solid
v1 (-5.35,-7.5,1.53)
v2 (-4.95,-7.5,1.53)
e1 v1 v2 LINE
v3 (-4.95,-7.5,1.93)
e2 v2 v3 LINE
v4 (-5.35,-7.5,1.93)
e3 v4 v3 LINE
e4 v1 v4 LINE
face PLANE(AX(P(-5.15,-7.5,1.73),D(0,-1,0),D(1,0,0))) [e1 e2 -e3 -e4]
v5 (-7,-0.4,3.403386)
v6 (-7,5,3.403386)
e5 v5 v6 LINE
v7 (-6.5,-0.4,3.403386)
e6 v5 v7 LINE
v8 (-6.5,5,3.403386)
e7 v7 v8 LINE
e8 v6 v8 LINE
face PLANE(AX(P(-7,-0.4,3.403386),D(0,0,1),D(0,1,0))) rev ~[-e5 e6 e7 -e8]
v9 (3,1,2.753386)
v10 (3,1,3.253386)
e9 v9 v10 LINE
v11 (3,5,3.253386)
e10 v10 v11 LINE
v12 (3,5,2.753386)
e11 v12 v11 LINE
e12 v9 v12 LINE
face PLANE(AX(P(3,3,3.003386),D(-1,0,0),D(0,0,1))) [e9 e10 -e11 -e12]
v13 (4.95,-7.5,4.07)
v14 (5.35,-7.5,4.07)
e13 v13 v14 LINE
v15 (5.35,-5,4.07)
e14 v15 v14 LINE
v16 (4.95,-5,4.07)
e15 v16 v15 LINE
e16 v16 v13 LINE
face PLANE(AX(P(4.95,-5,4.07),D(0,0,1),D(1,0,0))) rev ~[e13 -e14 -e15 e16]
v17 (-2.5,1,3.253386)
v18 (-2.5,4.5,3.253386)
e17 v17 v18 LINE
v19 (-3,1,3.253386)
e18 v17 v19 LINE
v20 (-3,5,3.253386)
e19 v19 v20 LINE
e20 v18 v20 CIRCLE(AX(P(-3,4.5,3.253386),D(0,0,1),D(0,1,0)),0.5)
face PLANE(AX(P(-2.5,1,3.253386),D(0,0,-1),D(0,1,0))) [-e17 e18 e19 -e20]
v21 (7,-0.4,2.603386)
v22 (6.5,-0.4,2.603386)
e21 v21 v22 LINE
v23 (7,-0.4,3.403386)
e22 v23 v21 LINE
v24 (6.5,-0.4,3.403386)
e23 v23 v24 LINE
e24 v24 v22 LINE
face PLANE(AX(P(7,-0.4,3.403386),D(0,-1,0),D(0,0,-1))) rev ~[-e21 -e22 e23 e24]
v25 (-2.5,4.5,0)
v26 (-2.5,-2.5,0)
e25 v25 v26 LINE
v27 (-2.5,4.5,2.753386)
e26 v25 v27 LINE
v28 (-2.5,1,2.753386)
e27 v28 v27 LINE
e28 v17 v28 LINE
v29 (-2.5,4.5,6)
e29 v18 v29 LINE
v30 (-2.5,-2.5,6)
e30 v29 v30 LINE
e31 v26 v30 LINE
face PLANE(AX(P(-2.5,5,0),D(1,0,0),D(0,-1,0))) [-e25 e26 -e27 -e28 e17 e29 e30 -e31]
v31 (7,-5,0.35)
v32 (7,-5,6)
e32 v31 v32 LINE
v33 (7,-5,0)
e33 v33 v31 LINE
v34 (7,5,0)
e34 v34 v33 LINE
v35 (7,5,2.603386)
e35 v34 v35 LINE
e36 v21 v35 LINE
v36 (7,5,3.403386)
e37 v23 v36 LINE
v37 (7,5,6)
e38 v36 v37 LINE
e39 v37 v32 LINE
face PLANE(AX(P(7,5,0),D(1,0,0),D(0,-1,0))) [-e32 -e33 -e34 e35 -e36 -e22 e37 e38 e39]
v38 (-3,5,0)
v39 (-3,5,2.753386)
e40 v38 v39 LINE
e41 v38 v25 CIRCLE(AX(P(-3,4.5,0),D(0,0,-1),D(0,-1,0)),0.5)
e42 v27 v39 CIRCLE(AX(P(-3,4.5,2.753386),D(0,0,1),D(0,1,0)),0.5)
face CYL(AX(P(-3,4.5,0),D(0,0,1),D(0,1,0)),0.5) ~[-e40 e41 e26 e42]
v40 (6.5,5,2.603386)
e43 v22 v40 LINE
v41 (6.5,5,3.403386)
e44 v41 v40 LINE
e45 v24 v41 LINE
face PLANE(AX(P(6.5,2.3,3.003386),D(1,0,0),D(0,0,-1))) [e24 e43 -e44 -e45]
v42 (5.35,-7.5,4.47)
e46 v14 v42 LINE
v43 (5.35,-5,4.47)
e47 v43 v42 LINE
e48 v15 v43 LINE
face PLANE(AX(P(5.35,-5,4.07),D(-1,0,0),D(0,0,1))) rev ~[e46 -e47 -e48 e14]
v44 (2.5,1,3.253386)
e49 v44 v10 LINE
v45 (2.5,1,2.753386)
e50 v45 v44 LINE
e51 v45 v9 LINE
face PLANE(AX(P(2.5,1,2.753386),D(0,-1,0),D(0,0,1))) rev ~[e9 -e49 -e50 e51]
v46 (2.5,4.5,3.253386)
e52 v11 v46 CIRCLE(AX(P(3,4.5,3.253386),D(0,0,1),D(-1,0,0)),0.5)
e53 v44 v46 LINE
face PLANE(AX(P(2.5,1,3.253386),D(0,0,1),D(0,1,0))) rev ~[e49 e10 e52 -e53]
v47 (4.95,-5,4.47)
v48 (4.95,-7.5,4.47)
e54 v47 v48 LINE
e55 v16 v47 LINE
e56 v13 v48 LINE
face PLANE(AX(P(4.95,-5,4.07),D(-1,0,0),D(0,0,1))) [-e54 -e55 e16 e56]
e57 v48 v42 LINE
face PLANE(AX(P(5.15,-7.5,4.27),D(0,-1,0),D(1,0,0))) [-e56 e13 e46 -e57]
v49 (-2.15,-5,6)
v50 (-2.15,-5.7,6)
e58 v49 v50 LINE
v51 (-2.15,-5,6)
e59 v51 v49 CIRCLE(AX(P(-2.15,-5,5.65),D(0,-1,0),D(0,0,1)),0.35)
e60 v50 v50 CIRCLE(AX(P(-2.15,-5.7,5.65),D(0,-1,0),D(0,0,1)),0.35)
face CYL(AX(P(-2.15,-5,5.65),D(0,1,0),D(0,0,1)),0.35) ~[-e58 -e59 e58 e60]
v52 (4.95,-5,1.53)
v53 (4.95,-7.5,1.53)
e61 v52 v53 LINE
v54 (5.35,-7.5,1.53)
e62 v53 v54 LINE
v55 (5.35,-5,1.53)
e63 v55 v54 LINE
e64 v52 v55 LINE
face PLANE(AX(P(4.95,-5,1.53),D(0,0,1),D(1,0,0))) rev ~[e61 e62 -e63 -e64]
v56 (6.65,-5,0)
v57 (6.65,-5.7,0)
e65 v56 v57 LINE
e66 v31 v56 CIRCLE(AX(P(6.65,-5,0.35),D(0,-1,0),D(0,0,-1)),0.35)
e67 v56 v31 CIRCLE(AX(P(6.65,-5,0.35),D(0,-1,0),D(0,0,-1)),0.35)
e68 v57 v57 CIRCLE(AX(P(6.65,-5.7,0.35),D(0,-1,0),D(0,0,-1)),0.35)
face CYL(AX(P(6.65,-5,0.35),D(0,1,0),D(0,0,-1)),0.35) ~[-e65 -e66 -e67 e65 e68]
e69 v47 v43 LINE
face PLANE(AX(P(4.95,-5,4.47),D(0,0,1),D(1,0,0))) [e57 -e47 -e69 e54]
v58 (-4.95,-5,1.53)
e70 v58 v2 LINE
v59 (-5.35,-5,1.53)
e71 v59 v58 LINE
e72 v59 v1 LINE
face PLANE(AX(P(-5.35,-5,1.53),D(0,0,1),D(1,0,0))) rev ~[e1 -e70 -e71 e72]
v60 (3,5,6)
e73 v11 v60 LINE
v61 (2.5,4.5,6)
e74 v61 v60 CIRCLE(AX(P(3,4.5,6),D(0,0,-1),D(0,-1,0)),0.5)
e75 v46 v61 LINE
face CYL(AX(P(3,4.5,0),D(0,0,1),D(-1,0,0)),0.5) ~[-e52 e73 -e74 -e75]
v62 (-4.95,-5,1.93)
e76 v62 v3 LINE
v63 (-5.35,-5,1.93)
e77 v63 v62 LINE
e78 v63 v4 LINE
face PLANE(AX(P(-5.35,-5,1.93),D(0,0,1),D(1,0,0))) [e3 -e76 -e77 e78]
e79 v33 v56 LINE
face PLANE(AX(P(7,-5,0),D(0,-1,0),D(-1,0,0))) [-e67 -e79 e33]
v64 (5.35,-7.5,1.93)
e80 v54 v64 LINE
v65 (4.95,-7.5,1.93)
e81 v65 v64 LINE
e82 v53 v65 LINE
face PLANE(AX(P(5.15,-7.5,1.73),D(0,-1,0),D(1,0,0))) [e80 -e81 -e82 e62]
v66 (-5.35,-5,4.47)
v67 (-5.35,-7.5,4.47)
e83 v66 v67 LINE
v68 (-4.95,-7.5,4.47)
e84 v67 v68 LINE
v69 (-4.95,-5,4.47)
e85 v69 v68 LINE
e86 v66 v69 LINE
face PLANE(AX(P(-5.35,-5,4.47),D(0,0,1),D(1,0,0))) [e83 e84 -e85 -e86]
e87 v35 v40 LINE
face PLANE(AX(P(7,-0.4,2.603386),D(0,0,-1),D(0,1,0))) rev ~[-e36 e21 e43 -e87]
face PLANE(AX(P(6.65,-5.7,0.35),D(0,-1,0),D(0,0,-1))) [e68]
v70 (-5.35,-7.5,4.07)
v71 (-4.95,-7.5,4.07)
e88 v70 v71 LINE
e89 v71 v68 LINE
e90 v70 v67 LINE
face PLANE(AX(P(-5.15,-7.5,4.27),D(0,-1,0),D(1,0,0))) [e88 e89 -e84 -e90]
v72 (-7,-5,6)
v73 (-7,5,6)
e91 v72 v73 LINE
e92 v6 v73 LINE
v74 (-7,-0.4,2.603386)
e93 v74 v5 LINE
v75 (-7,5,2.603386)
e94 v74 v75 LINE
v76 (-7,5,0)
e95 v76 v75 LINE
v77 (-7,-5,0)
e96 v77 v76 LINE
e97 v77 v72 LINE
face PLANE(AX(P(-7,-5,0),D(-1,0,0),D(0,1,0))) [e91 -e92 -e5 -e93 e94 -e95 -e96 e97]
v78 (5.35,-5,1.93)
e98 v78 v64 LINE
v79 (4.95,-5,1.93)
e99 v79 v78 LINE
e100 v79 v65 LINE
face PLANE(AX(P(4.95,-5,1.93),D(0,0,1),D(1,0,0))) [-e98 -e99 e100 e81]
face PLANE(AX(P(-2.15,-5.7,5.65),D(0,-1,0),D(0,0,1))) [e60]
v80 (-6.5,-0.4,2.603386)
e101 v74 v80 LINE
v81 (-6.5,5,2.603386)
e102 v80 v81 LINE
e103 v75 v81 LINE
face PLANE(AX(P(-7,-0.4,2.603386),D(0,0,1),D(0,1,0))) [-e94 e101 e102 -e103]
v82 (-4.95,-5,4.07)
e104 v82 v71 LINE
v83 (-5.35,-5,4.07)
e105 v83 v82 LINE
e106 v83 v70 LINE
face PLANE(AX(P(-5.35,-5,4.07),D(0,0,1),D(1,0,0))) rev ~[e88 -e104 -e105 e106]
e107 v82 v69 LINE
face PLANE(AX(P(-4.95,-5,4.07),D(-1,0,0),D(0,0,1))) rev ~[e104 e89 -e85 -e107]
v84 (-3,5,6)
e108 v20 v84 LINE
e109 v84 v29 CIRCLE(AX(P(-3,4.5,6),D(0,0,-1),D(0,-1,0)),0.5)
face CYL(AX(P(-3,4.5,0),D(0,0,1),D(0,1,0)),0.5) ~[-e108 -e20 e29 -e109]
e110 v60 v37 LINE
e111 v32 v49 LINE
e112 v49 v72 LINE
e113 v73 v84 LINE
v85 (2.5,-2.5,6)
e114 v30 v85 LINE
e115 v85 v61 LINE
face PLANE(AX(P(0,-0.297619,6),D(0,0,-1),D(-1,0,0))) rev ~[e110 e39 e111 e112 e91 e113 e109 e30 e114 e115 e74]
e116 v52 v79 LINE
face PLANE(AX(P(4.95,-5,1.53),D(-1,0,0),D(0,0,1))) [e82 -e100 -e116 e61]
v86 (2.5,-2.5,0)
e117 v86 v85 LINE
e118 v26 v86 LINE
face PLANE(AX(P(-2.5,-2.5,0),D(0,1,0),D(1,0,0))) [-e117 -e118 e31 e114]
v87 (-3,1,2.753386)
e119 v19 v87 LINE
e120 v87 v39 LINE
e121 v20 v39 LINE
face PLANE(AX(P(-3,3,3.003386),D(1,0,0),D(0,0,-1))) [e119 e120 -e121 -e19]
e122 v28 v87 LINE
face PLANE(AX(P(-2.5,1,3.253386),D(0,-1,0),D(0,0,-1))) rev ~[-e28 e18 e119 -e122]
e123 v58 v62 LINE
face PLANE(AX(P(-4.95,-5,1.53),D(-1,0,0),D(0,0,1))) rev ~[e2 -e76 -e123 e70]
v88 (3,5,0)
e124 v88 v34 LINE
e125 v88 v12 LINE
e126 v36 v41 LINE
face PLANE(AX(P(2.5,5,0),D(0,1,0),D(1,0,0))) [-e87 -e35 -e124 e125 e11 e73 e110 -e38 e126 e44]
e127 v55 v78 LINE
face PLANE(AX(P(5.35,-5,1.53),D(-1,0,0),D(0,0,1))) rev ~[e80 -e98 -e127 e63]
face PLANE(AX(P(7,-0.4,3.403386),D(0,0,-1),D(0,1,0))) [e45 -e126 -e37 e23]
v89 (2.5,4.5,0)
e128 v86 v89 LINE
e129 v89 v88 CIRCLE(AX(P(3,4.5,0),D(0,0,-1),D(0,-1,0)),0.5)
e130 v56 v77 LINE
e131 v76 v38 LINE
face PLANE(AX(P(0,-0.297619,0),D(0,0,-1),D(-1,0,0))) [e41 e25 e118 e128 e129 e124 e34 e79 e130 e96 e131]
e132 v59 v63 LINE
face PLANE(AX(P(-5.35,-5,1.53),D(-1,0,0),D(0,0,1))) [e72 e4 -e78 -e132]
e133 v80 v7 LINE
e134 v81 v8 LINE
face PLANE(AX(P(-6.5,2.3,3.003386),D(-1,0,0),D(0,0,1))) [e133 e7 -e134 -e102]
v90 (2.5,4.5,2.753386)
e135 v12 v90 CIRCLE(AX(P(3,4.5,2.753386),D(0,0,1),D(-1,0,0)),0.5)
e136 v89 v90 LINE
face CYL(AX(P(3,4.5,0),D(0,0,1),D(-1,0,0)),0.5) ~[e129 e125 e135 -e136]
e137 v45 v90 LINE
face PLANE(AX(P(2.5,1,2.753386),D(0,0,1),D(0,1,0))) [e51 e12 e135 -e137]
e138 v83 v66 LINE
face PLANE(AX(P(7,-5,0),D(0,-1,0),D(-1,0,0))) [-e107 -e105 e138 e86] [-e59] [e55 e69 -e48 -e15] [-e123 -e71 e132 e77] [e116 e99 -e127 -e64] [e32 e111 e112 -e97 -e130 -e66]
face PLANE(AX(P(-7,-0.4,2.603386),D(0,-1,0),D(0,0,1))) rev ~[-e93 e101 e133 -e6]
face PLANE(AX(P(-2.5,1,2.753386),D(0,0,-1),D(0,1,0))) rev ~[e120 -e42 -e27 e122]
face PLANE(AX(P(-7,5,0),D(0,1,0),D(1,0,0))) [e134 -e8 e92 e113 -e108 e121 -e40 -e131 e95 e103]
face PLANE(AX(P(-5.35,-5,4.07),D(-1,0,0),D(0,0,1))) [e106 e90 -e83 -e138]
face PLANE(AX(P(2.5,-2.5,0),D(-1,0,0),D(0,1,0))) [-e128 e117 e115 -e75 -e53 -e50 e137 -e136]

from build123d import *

# Parameters (mm, degrees)
EXTRUDE_1_DEPTH     = 6
FILLET_1_R          = 0.5
SKETCH_2_W          = 0.4
SKETCH_2_H          = 0.4
EXTRUDE_2_DEPTH     = 2.5
SKETCH_3_W          = 0.8
SKETCH_3_H          = 5.4
CUT_EXTRUDE_1_DEPTH = 0.5
SKETCH_4_W          = 0.8
SKETCH_4_H          = 5.4
CUT_EXTRUDE_2_DEPTH = 0.5
SKETCH_5_W          = 0.5
SKETCH_5_H          = 4
CUT_EXTRUDE_3_DEPTH = 0.5
SKETCH_6_W          = 0.5
SKETCH_6_H          = 4
CUT_EXTRUDE_4_DEPTH = 0.5
SKETCH_7_R          = 0.35
EXTRUDE_3_DEPTH     = 0.7


with BuildPart() as part:
    # 草图1 → 凸台-拉伸1 (new body)
    with BuildSketch(Plane.XY):
        Polygon((-7, 5), (-2.5, 5), (-2.5, -2.5), (2.5, -2.5), (2.5, 5), (7, 5), (7, -5), (-7, -5), align=None)
    extrude(amount=EXTRUDE_1_DEPTH)

    # 圆角1
    fillet_1_edges = [part.edges().sort_by_distance(p)[0] for p in [
        (-2.5, 5, 3),
        (2.5, 5, 3),
    ]]
    fillet(fillet_1_edges, radius=FILLET_1_R)

    # 草图2 → 凸台-拉伸2 (add)
    with BuildSketch(Plane.XZ.offset(5)):
        with Locations((-5.15, 4.27)):
            Rectangle(SKETCH_2_W, SKETCH_2_H)
        with Locations((5.15, 4.27)):
            Rectangle(SKETCH_2_W, SKETCH_2_H)
        with Locations((-5.15, 1.73)):
            Rectangle(SKETCH_2_W, SKETCH_2_H)
        with Locations((5.15, 1.73)):
            Rectangle(SKETCH_2_W, SKETCH_2_H)
    extrude(amount=EXTRUDE_2_DEPTH)

    # 草图3 → 切除-拉伸1 (cut)
    with BuildSketch(Plane.ZY.offset(7)):
        with Locations((3.003385533, 2.3)):
            Rectangle(SKETCH_3_W, SKETCH_3_H)
    extrude(amount=-CUT_EXTRUDE_1_DEPTH, mode=Mode.SUBTRACT)

    # 草图4 → 切除-拉伸2 (cut)
    with BuildSketch(Plane(origin=(7, 0, 0), x_dir=(0, 0, -1), z_dir=(1, 0, 0))):
        with Locations((-3.003385533, 2.3)):
            Rectangle(SKETCH_4_W, SKETCH_4_H)
    extrude(amount=-CUT_EXTRUDE_2_DEPTH, mode=Mode.SUBTRACT)

    # 草图5 → 切除-拉伸3 (cut)
    with BuildSketch(Plane(origin=(-2.5, 0, 0), x_dir=(0, 0, -1), z_dir=(1, 0, 0))):
        with Locations((-3.003385533, 3)):
            Rectangle(SKETCH_5_W, SKETCH_5_H)
    extrude(amount=-CUT_EXTRUDE_3_DEPTH, mode=Mode.SUBTRACT)

    # 草图6 → 切除-拉伸4 (cut)
    with BuildSketch(Plane.ZY.offset(-2.5)):
        with Locations((3.003385533, 3)):
            Rectangle(SKETCH_6_W, SKETCH_6_H)
    extrude(amount=-CUT_EXTRUDE_4_DEPTH, mode=Mode.SUBTRACT)

    # 草图7 → 凸台-拉伸3 (add)
    with BuildSketch(Plane.XZ.offset(5)):
        with Locations(Location((-2.15, 5.65, 0), (0, 0, 90))):
            Circle(SKETCH_7_R)
        with Locations(Location((6.65, 0.35, 0), (0, 0, 270))):
            Circle(SKETCH_7_R)
    extrude(amount=EXTRUDE_3_DEPTH)


solid = part.part
